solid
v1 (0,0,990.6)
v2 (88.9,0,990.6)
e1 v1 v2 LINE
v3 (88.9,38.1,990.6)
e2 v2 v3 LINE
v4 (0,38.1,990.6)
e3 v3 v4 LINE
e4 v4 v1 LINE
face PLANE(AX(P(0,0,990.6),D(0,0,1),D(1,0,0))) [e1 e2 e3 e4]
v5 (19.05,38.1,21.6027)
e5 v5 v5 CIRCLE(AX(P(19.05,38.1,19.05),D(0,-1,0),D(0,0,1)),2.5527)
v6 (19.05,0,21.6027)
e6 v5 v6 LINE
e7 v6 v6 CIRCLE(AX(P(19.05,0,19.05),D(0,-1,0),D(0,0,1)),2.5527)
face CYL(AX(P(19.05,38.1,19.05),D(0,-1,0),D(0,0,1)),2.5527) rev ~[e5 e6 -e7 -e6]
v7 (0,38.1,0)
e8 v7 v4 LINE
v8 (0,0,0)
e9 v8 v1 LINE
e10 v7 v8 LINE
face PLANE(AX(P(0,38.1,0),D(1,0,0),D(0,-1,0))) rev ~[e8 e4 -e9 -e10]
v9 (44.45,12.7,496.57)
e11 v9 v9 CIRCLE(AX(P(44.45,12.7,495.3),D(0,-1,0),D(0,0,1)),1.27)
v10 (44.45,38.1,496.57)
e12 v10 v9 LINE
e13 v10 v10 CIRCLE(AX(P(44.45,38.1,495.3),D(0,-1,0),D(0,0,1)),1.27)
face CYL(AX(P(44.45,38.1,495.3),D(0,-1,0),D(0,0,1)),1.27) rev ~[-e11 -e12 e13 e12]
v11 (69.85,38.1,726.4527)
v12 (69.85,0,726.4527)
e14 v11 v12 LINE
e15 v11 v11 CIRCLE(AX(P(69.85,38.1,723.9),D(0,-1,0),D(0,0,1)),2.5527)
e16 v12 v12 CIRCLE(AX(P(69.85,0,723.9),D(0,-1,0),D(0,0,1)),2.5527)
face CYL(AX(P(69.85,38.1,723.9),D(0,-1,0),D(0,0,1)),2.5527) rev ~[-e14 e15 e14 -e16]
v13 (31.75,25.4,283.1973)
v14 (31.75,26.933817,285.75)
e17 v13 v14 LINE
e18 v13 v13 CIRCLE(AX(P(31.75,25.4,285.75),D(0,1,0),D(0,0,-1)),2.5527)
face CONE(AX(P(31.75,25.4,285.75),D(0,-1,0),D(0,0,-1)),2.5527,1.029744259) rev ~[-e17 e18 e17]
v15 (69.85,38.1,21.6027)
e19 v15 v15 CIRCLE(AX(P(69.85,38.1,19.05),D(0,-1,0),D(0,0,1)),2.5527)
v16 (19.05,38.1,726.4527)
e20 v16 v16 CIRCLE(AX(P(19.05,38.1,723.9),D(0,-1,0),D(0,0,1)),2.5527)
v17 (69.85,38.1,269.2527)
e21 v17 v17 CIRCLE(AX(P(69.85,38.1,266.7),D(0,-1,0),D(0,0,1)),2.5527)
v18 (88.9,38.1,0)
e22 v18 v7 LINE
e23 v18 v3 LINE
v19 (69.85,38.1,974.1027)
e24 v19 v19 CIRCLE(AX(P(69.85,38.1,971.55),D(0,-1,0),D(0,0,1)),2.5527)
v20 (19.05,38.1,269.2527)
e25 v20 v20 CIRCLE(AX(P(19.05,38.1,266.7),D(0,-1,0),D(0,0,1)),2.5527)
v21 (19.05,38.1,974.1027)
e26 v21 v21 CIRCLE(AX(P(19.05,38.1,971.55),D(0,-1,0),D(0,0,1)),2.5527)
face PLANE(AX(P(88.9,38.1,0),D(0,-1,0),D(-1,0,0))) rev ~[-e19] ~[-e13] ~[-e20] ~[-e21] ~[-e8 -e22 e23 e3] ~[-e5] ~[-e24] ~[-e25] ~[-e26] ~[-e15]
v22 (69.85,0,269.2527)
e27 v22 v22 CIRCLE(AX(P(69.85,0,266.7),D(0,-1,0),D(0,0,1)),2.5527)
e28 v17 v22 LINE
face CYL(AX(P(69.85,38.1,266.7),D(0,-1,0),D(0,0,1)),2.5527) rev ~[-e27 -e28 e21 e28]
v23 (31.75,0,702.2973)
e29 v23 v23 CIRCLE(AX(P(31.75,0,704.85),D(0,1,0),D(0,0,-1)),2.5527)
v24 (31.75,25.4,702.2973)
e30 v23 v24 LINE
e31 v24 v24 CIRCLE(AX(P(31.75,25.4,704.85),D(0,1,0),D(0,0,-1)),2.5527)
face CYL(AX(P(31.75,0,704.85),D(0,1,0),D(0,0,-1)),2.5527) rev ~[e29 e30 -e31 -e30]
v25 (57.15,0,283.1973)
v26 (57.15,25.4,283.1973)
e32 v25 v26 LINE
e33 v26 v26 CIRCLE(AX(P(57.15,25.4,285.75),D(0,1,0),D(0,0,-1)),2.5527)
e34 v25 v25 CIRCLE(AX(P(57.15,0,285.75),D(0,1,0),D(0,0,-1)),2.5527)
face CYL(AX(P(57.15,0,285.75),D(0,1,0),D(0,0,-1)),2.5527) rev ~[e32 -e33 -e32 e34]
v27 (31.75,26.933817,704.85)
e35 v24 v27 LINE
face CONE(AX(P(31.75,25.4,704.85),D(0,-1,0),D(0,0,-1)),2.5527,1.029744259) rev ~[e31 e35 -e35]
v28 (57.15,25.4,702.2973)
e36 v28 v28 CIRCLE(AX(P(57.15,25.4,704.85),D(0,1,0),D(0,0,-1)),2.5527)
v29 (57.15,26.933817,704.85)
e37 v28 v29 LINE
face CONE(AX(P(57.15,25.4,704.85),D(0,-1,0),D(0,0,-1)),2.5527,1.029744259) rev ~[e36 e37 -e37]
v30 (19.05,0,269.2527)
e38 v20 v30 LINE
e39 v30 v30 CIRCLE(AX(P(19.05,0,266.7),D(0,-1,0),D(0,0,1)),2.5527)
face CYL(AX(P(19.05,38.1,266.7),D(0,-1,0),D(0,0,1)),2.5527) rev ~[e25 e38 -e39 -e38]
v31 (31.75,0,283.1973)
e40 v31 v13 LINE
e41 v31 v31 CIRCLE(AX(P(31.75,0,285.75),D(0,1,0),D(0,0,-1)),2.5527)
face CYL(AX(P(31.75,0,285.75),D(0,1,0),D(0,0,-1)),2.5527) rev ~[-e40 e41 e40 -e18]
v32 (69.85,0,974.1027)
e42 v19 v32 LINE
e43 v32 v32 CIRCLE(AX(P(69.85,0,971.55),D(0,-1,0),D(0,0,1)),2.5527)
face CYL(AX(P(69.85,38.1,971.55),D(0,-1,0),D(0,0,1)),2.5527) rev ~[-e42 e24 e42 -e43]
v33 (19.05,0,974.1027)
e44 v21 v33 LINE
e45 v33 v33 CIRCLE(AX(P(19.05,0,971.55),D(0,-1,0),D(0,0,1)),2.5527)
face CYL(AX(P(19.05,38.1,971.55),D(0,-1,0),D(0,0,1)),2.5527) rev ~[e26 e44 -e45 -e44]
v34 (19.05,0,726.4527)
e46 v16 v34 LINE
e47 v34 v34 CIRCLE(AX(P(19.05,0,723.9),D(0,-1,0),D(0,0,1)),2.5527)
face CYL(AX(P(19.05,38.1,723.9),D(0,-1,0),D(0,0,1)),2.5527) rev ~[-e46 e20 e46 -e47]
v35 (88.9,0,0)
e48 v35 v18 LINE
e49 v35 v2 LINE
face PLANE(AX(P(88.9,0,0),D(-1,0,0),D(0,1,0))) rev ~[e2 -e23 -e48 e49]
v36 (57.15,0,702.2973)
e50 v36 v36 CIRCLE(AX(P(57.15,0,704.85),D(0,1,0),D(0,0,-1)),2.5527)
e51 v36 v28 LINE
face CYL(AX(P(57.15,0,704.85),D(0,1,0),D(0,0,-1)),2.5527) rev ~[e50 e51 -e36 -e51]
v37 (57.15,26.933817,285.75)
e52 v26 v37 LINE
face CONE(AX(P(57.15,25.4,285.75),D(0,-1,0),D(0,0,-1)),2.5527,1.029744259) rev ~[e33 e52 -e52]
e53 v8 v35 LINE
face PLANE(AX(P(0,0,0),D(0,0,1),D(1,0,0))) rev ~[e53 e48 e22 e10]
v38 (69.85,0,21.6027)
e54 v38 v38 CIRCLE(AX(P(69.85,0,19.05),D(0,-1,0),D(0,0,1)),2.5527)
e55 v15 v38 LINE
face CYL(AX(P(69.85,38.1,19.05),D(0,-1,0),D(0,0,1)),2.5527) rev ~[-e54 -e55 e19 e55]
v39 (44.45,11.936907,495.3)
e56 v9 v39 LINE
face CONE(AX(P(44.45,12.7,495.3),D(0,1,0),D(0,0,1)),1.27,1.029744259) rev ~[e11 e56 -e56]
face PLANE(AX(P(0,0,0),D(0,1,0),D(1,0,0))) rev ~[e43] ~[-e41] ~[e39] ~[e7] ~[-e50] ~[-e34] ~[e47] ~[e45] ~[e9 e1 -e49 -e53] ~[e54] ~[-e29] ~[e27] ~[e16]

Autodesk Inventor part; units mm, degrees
ref_plane "YZ Plane" through (0, 0, 0) normal (1, 0, 0) x (0, 1, 0)
ref_plane "XZ Plane" through (0, 0, 0) normal (0, 1, 0) x (-1, 0, 0)
ref_plane "XY Plane" through (0, 0, 0) normal (0, 0, 1) x (1, 0, 0)
sketch "Sketch1" plane through (0, 0, 0) normal (0, 0, 1) x (1, 0, 0)
  line L0 (0, 0) -> (88.9, 0)
  line L1 (88.9, 0) -> (88.9, 38.1)
  line L2 (88.9, 38.1) -> (0, 38.1)
  line L3 (0, 38.1) -> (0, 0)
  point P0 (0, 0)
  dimension "d0" = 88.9
  dimension "d1" = 38.1
extrude "Extrusion1" add sketch "Sketch1" along normal blind 990.6
sketch "Sketch2" plane through (0, 38.1, 0) normal (0, 1, 0) x (1, 0, 0)
  line L0 (88.9, 0) -> (0, 0) projected
  line L1 (0, 0) -> (0, -990.6) projected
  circle A0 centre (19.05, -19.05) radius 13.4295
  circle A1 centre (69.85, -19.05) radius 13.4295
  circle A2 centre (19.05, -971.55) radius 13.4295
  circle A3 centre (69.85, -971.55) radius 13.4295
  dimension "d4" = 19.05
  dimension "d5" = 19.05
  dimension "d8" = 50.8
  dimension "d11" = 952.5
hole "Hole1" at (69.85, 38.1, 971.55) at (19.05, 38.1, 971.55) at (69.85, 38.1, 19.05) at (19.05, 38.1, 19.05) direction (0, -1, 0) diameter 5.1054 end through all clearance for "Flat Head Machine Screw (82)" size "#10" standard "Ansi Unified Screw Threads"
sketch "Sketch3" plane through (0, 38.1, 0) normal (0, 1, 0) x (1, 0, 0)
  line L0 (88.9, 0) -> (0, 0) projected
  line L1 (0, 0) -> (0, -990.6) projected
  line L2 (88.9, 0) -> (88.9, -990.6) projected
  line L3 (0, -495.3) -> (88.9, -495.3) construction
  circle A0 centre (19.05, -266.7) radius 9.489
  line L4 (50.8, -495.3) -> (139.7, -495.3) construction
  circle A1 centre (69.85, -266.7) radius 9.489
  circle A2 centre (19.05, -723.9) radius 9.489
  circle A3 centre (69.85, -723.9) radius 9.489
  dimension "d21" = 228.6
  dimension "d24" = 50.8
hole "Hole2" at (19.05, 38.1, 723.9) at (69.85, 38.1, 723.9) at (19.05, 38.1, 266.7) at (69.85, 38.1, 266.7) direction (0, -1, 0) diameter 5.1054 end through all clearance for "Flat Head Machine Screw (82)" size "#10" standard "Ansi Unified Screw Threads"
sketch "Sketch4" plane through (0, 0, 0) normal (0, -1, 0) x (1, 0, 0)
  line L0 (0, 0) -> (88.9, 0) projected
  line L1 (88.9, 0) -> (88.9, 990.6) projected
  line L2 (0, 990.6) -> (88.9, 990.6) projected
  line L3 (0, 0) -> (0, 990.6) projected
  line L4 (0, 495.3) -> (88.9, 495.3) construction
  line L5 (44.45, 990.6) -> (44.45, 0) construction
  circle A0 centre (31.75, 704.85) radius 5.059
  circle A1 centre (57.15, 704.85) radius 5.059
  circle A2 centre (31.75, 285.75) radius 5.059
  circle A3 centre (57.15, 285.75) radius 5.059
  dimension "d36" = 209.55
  dimension "d37" = 12.7
hole "Hole3" at (31.75, 0, 704.85) at (57.15, 0, 704.85) at (31.75, 0, 285.75) at (57.15, 0, 285.75) direction (0, 1, 0) diameter 5.1054 depth 25.4 tip angle 118 clearance for "Flat Head Machine Screw (82)" size "#10" standard "Ansi Unified Screw Threads"
sketch "Sketch5" plane through (0, 38.1, 0) normal (0, 1, 0) x (1, 0, 0)
  circle A0 centre (44.45, -495.3) radius 6.7726
hole "Hole4" at (44.45, 38.1, 495.3) direction (0, -1, 0) diameter 2.54 depth 25.4 tip angle 118
properties part number "hubjig_cross" material "Wood (Cherry)"
